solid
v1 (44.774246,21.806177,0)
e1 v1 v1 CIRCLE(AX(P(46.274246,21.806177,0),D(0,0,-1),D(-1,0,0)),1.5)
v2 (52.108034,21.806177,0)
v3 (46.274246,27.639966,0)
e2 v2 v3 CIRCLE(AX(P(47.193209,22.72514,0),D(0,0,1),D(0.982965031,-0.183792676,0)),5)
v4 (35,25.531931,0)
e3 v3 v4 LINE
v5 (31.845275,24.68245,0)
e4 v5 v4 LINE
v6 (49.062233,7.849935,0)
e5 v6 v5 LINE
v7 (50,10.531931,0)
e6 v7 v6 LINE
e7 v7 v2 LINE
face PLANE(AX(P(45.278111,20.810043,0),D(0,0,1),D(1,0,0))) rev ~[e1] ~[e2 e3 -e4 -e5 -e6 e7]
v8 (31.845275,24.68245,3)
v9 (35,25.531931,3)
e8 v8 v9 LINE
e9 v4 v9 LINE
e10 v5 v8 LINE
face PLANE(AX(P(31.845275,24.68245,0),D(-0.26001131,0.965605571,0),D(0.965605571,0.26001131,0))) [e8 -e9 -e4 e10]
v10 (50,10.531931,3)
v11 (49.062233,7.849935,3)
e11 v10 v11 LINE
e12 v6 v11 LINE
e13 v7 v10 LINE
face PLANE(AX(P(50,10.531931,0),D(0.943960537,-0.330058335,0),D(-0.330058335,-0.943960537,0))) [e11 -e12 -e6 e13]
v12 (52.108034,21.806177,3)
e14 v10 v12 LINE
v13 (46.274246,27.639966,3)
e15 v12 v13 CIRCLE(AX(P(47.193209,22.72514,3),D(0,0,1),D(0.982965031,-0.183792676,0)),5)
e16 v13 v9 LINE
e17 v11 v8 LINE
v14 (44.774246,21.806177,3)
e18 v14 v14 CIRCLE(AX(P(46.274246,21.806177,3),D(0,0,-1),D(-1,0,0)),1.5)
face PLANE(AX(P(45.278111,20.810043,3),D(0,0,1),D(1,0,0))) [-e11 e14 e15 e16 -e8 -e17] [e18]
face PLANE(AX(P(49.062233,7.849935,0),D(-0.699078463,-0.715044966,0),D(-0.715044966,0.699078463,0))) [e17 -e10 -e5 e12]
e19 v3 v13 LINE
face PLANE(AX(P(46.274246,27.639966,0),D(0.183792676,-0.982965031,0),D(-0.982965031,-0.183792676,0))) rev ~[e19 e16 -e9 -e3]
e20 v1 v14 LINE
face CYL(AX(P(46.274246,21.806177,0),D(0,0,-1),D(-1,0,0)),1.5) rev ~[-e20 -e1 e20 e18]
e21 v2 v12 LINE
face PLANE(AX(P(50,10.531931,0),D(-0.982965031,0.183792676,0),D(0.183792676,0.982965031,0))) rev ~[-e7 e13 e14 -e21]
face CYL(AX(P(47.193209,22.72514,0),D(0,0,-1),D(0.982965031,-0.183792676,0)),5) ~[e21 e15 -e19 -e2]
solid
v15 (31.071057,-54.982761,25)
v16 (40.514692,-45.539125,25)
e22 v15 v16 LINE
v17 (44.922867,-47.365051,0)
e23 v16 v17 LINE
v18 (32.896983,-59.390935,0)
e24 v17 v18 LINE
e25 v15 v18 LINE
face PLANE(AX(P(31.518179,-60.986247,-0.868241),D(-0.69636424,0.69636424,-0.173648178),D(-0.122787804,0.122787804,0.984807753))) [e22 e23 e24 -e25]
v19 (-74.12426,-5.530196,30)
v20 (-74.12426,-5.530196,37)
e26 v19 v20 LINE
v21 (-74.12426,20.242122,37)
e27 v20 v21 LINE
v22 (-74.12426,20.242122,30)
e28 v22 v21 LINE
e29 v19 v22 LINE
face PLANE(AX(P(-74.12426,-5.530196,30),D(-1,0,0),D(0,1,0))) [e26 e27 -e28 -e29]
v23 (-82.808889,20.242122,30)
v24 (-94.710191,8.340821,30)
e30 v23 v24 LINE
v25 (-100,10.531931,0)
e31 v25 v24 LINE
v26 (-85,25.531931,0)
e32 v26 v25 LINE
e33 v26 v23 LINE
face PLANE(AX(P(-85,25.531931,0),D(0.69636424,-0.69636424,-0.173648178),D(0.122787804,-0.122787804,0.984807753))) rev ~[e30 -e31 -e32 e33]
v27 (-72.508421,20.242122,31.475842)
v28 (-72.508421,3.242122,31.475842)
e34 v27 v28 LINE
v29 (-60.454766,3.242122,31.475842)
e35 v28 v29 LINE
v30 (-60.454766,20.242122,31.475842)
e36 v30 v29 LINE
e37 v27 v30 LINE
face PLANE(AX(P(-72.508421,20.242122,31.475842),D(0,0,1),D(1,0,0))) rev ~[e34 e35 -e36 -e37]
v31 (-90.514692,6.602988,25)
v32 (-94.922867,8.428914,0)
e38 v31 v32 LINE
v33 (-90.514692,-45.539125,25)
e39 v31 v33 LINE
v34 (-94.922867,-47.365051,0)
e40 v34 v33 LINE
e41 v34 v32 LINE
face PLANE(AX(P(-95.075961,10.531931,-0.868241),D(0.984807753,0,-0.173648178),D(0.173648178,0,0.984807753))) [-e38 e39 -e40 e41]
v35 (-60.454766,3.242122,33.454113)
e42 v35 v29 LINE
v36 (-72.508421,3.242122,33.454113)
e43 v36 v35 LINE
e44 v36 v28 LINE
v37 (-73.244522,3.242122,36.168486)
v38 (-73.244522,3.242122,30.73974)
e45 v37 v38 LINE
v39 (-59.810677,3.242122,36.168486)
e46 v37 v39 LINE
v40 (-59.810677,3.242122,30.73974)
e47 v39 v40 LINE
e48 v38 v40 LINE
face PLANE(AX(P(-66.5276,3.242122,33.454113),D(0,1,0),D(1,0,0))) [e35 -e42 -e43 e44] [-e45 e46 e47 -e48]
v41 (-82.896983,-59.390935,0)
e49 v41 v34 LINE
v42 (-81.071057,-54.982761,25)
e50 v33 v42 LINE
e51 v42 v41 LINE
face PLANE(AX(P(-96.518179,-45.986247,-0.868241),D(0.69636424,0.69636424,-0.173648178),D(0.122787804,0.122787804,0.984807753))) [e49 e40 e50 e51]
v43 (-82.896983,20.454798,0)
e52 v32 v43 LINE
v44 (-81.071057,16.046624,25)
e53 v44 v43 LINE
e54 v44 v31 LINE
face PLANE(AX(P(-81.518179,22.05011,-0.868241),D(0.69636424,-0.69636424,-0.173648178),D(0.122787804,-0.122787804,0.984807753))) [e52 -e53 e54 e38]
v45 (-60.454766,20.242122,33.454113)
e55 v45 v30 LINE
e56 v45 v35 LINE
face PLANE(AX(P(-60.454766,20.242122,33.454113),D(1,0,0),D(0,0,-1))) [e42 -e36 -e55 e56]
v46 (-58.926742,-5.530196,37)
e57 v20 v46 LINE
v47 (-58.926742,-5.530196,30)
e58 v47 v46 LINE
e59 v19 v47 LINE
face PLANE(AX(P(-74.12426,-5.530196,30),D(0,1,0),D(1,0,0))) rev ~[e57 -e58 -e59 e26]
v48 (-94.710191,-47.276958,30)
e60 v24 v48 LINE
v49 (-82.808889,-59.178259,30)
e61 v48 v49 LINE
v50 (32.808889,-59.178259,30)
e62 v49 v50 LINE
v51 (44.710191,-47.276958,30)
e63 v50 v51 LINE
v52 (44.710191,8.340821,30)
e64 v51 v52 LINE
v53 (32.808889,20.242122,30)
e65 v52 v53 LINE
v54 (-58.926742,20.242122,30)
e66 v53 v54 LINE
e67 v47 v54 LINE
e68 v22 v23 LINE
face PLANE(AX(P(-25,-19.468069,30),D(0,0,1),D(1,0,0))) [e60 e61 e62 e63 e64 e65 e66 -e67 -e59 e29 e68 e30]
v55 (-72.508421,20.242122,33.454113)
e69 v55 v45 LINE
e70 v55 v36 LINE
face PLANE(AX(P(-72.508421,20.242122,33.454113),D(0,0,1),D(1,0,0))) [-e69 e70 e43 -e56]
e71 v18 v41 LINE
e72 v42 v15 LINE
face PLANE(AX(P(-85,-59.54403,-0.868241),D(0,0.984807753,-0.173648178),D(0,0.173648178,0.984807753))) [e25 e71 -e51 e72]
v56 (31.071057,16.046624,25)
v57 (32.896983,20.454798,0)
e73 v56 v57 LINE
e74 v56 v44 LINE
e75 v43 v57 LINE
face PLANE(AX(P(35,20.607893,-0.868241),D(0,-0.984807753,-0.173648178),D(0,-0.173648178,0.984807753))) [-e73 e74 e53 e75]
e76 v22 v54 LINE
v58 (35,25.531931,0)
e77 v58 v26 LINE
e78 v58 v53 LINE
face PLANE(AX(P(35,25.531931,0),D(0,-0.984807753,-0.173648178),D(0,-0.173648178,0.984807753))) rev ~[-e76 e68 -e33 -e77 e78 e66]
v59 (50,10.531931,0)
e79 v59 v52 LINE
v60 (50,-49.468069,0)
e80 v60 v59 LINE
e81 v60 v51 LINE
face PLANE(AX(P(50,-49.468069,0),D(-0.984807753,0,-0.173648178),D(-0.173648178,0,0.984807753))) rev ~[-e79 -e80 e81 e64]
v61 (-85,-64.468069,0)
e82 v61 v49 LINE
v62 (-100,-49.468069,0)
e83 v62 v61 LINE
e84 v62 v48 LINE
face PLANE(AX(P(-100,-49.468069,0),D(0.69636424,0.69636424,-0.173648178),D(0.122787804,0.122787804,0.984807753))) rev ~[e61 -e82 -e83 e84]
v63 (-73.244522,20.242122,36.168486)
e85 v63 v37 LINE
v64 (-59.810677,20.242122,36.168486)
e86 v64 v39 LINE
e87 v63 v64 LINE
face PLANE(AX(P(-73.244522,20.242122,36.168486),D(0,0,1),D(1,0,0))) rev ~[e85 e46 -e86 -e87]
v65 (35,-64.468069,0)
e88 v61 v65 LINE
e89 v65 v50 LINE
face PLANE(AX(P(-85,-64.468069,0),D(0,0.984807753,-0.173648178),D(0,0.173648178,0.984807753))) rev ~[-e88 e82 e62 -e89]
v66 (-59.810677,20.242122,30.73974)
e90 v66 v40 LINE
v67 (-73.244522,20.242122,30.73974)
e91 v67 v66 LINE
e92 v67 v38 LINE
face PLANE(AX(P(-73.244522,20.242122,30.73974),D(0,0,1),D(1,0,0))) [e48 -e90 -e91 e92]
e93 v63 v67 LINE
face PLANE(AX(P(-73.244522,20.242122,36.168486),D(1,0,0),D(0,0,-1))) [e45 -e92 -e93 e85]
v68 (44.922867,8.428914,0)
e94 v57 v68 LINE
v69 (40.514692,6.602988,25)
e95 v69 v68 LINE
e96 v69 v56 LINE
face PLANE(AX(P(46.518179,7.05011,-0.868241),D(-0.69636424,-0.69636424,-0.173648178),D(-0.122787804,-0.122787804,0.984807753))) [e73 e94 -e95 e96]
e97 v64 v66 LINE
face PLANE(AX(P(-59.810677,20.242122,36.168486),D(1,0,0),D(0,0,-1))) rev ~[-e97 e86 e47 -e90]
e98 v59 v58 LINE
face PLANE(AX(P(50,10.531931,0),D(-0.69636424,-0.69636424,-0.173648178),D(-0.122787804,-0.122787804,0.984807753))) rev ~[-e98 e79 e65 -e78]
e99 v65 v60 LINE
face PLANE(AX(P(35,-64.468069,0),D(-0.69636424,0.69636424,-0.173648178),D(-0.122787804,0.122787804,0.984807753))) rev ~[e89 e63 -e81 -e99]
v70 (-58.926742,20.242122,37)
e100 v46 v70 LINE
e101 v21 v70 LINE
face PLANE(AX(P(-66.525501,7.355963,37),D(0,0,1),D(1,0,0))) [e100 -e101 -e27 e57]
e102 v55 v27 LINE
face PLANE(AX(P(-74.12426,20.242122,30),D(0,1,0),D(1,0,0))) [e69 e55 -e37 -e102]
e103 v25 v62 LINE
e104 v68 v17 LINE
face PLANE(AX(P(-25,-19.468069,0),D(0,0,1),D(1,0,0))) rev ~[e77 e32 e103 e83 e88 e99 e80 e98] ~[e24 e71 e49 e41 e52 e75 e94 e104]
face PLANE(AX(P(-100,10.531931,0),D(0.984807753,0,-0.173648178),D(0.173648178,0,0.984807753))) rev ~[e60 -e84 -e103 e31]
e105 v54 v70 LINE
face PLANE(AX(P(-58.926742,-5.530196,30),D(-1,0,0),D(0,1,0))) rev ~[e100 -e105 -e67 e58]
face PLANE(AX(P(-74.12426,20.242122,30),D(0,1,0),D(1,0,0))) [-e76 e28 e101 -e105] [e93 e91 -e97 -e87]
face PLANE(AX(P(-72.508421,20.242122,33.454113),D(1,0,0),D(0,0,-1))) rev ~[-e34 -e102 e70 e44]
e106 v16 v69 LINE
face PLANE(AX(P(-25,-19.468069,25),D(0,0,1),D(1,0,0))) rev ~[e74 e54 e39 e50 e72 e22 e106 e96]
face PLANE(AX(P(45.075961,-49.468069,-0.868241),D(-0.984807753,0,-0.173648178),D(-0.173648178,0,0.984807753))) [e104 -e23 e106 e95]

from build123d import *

# Parameters (mm, degrees)
BOSS_EXTRUDE1_DEPTH = 30
BOSS_EXTRUDE1_TAPER = 10
SHELL1_T            = -5
SKETCH6_W           = 15.197518051
SKETCH6_H           = 25.772318446
BOSS_EXTRUDE4_DEPTH = 7
SKETCH7_W           = 13.433844537
SKETCH7_H           = 5.428745395
SKETCH7_W_2         = 12.053655029
SKETCH7_H_2         = 1.978271627
CUT_EXTRUDE2_DEPTH  = 17
SKETCH8_R           = 1.5
BOSS_EXTRUDE5_DEPTH = 3


with BuildPart() as part:
    # Sketch1 → Boss-Extrude1 (new body)
    with BuildSketch(Plane.XY):
        Polygon((-100, 10.531931481), (-100, -49.468068519), (-85, -64.468068519), (35, -64.468068519), (50, -49.468068519), (50, 10.531931481), (35, 25.531931481), (-85, 25.531931481), align=None)
    extrude(amount=BOSS_EXTRUDE1_DEPTH, taper=BOSS_EXTRUDE1_TAPER)

    # Shell1
    shell1_openings = [part.faces().sort_by_distance(p)[0] for p in [
        (-25, -19.468068519, 0),
    ]]
    offset(amount=SHELL1_T, openings=shell1_openings, kind=Kind.INTERSECTION)

    # Sketch6 → Boss-Extrude4 (add)
    with BuildSketch(Plane.XY.offset(30)):
        with Locations((-66.525501272, 7.355962837)):
            Rectangle(SKETCH6_W, SKETCH6_H)
    extrude(amount=BOSS_EXTRUDE4_DEPTH)

    # Sketch7 → Cut-Extrude2 (cut)
    with BuildSketch(Plane(origin=(0, 20.24212206, 0), x_dir=(1, 0, 0), z_dir=(0, 1, 0))):
        with Locations((-66.527599538, -33.454113167)):
            Rectangle(SKETCH7_W, SKETCH7_H)
        with Locations((-66.481593222, -32.464977353)):
            Rectangle(SKETCH7_W_2, SKETCH7_H_2, mode=Mode.SUBTRACT)
    extrude(amount=-CUT_EXTRUDE2_DEPTH, mode=Mode.SUBTRACT)


with BuildPart() as body_2:
    # Sketch8 → Boss-Extrude5 (new body)
    with BuildSketch(Plane(origin=(0, 0, 0), x_dir=(-1, 0, 0), z_dir=(0, 0, -1))):
        with BuildLine():
            ThreePointArc((-52.108034043, 21.80617699), (-50.728742794, 26.260674275), (-46.274245509, 27.639965524))
            Line((-46.274245509, 27.639965524), (-35, 25.531931481))
            Line((-35, 25.531931481), (-50, 10.531931481))
            Line((-50, 10.531931481), (-52.108034043, 21.80617699))
        make_face()
        with Locations((-46.274245509, 21.80617699)):
            Circle(SKETCH8_R, mode=Mode.SUBTRACT)
        Polygon((-49.062232862, 7.849935369), (-31.845274645, 24.682449772), (-35, 25.531931481), (-50, 10.531931481), align=None)
    extrude(amount=-BOSS_EXTRUDE5_DEPTH)


solid = Compound([part.part, body_2.part])
